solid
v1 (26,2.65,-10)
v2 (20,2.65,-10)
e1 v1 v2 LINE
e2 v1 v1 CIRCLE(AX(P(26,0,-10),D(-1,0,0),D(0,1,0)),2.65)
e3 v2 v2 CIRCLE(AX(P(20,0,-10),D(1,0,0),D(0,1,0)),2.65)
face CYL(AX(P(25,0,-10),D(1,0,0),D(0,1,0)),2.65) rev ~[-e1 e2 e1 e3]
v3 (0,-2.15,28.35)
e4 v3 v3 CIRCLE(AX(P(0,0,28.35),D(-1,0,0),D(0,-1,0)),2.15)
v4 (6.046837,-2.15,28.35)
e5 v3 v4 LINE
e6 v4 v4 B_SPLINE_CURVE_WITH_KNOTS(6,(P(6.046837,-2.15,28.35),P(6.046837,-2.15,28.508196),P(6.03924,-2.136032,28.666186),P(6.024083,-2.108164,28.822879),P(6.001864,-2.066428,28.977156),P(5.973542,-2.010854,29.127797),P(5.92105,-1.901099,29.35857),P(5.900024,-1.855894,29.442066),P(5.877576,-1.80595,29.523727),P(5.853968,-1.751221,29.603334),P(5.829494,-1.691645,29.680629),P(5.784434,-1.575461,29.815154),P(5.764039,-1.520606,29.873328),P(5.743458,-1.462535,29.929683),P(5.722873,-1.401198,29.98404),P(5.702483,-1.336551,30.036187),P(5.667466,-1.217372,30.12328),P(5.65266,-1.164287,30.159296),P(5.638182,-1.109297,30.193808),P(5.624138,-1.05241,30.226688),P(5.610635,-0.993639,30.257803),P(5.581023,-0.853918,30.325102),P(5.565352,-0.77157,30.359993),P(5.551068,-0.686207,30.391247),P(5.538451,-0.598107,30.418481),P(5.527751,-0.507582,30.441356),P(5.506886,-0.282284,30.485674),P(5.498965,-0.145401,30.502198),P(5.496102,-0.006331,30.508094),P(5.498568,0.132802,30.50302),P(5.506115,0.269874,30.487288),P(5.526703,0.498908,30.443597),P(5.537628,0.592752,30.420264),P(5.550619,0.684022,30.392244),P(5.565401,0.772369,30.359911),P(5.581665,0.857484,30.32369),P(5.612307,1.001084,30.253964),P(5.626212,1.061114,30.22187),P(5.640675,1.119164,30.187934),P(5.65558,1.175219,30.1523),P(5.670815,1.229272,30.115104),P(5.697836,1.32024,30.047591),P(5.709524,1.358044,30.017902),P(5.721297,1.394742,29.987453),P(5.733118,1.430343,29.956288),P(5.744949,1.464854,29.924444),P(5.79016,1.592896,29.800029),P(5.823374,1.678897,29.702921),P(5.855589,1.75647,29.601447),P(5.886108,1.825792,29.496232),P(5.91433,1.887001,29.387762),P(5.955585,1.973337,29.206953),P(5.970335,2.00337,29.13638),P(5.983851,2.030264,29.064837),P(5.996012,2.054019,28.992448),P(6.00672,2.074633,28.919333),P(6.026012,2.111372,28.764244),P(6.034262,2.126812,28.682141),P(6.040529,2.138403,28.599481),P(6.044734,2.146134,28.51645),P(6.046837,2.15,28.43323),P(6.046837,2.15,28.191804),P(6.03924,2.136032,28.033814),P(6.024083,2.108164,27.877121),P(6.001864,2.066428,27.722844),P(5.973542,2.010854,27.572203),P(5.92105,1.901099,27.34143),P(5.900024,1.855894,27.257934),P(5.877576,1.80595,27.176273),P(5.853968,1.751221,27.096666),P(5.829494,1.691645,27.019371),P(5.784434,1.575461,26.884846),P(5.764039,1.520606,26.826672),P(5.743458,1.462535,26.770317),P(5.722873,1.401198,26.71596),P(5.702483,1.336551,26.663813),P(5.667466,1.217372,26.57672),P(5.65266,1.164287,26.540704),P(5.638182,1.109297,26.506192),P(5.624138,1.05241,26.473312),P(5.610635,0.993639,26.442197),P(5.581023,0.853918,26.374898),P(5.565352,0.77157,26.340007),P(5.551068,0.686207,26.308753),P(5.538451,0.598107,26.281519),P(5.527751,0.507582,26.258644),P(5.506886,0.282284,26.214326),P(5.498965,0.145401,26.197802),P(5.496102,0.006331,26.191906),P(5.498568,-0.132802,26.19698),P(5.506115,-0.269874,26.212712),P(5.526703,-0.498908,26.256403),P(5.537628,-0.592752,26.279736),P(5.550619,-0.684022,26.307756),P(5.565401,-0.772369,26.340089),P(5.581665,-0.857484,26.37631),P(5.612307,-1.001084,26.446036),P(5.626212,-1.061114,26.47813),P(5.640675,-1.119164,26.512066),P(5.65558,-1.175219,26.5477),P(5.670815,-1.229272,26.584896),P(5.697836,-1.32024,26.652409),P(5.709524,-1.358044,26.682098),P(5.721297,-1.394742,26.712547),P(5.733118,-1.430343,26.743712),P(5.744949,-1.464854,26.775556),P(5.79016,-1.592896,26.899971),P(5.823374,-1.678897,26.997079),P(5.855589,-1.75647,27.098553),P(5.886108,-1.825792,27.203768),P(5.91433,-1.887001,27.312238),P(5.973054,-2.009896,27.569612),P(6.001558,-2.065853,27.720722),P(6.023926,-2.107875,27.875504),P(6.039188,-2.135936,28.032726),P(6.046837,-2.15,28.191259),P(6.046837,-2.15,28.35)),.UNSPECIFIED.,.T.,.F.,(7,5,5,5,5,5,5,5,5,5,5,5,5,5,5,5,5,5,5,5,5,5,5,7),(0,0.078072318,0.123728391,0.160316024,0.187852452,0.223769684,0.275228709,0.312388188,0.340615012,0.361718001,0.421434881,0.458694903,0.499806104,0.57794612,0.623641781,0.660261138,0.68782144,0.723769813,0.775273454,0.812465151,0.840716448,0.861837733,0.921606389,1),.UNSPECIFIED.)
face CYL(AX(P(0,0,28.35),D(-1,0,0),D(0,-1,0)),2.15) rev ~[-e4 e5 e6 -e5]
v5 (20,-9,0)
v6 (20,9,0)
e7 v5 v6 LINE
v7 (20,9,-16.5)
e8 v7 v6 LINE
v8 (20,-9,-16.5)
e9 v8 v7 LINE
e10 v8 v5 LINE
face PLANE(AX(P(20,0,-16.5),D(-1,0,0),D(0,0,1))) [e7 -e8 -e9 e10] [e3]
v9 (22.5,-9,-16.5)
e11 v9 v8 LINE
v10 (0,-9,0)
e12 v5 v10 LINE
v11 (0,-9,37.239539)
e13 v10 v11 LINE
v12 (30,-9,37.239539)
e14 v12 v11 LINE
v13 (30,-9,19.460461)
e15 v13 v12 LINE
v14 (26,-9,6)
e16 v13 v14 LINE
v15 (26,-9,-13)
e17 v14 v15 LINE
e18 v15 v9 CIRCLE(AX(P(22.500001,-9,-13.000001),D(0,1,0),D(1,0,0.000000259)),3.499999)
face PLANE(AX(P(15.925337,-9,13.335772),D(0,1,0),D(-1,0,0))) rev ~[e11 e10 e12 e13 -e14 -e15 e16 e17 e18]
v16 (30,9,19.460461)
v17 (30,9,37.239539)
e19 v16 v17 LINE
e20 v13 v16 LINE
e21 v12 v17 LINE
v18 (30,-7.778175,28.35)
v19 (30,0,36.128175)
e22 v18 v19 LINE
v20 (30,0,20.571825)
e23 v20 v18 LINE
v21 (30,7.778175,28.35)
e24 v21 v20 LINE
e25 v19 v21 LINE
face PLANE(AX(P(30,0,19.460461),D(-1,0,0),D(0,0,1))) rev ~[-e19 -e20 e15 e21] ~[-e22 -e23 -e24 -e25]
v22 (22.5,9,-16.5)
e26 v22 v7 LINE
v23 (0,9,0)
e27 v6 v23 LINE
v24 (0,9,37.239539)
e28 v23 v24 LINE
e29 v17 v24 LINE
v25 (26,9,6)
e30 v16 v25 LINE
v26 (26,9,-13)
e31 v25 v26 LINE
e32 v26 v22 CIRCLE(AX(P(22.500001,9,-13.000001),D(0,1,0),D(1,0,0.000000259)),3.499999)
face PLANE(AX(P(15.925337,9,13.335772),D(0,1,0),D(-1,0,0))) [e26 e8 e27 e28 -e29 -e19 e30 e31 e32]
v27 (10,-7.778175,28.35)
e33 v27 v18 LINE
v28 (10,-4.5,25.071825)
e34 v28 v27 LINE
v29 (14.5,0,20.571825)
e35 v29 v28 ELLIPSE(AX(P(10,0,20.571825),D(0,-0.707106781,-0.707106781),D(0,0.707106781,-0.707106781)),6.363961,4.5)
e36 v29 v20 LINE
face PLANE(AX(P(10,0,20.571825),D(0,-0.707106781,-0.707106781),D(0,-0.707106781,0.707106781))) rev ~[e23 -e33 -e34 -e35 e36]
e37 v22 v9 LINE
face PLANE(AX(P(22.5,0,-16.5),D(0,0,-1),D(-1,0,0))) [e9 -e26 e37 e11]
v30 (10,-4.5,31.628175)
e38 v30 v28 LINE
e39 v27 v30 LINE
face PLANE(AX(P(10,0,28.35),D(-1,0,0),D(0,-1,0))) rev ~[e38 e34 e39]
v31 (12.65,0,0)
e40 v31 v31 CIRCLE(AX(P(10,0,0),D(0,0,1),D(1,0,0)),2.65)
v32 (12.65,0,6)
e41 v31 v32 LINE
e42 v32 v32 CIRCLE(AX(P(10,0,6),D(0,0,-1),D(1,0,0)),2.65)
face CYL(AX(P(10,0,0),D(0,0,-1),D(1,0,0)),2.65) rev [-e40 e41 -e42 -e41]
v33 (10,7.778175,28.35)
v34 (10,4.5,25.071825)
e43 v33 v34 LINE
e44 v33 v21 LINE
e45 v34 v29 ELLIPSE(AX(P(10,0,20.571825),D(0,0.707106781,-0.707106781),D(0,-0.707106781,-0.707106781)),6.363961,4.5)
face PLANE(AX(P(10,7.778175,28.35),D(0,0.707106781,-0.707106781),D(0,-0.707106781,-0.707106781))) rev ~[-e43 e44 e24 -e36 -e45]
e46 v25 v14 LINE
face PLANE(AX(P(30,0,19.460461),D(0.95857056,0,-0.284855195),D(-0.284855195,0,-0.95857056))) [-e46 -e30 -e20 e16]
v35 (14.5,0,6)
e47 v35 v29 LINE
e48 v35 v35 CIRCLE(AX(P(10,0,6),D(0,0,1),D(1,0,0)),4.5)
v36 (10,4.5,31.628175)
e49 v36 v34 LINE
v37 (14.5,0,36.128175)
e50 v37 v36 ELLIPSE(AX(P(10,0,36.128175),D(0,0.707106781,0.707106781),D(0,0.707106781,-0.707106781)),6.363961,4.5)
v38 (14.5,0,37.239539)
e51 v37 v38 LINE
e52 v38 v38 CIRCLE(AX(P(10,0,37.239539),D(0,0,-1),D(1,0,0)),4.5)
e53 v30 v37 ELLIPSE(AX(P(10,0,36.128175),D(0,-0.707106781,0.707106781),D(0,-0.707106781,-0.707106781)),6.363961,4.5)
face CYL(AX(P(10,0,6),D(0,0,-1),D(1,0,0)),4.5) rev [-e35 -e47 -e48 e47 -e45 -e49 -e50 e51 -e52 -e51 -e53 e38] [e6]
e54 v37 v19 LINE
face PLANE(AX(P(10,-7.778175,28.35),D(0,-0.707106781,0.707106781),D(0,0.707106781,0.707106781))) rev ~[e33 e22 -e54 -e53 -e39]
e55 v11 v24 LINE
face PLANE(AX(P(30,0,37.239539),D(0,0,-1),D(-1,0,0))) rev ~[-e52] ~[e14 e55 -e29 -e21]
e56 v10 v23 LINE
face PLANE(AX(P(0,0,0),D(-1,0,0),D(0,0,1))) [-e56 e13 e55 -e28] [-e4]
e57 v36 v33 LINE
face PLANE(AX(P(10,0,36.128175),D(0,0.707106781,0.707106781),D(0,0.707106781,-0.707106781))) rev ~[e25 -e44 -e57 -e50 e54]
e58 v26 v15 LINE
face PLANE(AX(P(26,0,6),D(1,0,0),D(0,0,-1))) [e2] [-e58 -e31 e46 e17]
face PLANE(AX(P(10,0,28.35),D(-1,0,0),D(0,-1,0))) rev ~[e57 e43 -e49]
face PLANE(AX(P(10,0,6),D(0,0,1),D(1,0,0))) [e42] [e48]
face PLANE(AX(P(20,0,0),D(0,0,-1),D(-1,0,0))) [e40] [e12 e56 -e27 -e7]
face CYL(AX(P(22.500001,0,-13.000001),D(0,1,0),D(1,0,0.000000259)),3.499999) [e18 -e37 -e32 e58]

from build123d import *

# Parameters (mm, degrees)
PAD015_DEPTH         = 9
SKETCH051_R          = 2.65
POCKET023_DEPTH      = 37.240539
POCKET023_DEPTH_BACK = 16.501
SKETCH052_R          = 2.65
POCKET024_DEPTH      = 25.001
POCKET024_DEPTH_BACK = 5.001
SKETCH053_R          = 4.5
POCKET025_DEPTH      = 31.240539
SKETCH055_R          = 2.15
POCKET026_DEPTH      = 30.001
POCKET031_DEPTH      = 20.001


with BuildPart() as part:
    # Sketch047 → Pad015 (new body, symmetric)
    with BuildSketch(Plane(origin=(0, 0, 0), x_dir=(-1, 0, 0), z_dir=(0, 1, 0))):
        with BuildLine():
            Line((-22.5, -16.5), (-20, -16.5))
            Line((-20, -16.5), (-20, 0))
            Line((-20, 0), (0, 0))
            Line((0, 0), (0, 6))
            Line((0, 6), (0, 37.239539))
            Line((-30, 37.239539), (0, 37.239539))
            Line((-30, 19.460461), (-30, 37.239539))
            Line((-30, 19.460461), (-26, 6))
            Line((-26, 6), (-26, -13))
            ThreePointArc((-26, -13), (-24.974874, -15.474874), (-22.5, -16.5))
        make_face()
    extrude(amount=PAD015_DEPTH, both=True)

    # Sketch051 → Pocket023 (cut, two sides)
    with BuildSketch(Plane(origin=(10, 0, 0), x_dir=(1, 0, 0), z_dir=(0, 0, 1))) as pocket023_sk:
        Circle(SKETCH051_R)
    extrude(amount=POCKET023_DEPTH, mode=Mode.SUBTRACT)
    extrude(pocket023_sk.sketch, amount=-POCKET023_DEPTH_BACK, mode=Mode.SUBTRACT)

    # Sketch052 → Pocket024 (cut, two sides)
    with BuildSketch(Plane(origin=(25, 0, -10), x_dir=(0, 1, 0), z_dir=(1, 0, 0))) as pocket024_sk:
        Circle(SKETCH052_R)
    extrude(amount=-POCKET024_DEPTH, mode=Mode.SUBTRACT)
    extrude(pocket024_sk.sketch, amount=POCKET024_DEPTH_BACK, mode=Mode.SUBTRACT)

    # Sketch053 → Pocket025 (cut, through all)
    with BuildSketch(Plane(origin=(10, 0, 6), x_dir=(1, 0, 0), z_dir=(0, 0, 1))):
        Circle(SKETCH053_R)
    extrude(amount=POCKET025_DEPTH, mode=Mode.SUBTRACT)

    # Sketch055 → Pocket026 (cut, through all)
    with BuildSketch(Plane(origin=(0, 0, 0), x_dir=(0, -1, 0), z_dir=(-1, 0, 0))):
        with Locations((0, 28.35)):
            Circle(SKETCH055_R)
    extrude(amount=-POCKET026_DEPTH, mode=Mode.SUBTRACT)

    # Sketch066 → Pocket031 (cut, through all)
    with BuildSketch(Plane(origin=(10, 0, 28.35), x_dir=(0, 1, 0), z_dir=(1, 0, 0))):
        Polygon((-7.778175, 0), (0, 7.778175), (7.778175, 0), (0, -7.778175), align=None)
    extrude(amount=POCKET031_DEPTH, mode=Mode.SUBTRACT)


solid = part.part
